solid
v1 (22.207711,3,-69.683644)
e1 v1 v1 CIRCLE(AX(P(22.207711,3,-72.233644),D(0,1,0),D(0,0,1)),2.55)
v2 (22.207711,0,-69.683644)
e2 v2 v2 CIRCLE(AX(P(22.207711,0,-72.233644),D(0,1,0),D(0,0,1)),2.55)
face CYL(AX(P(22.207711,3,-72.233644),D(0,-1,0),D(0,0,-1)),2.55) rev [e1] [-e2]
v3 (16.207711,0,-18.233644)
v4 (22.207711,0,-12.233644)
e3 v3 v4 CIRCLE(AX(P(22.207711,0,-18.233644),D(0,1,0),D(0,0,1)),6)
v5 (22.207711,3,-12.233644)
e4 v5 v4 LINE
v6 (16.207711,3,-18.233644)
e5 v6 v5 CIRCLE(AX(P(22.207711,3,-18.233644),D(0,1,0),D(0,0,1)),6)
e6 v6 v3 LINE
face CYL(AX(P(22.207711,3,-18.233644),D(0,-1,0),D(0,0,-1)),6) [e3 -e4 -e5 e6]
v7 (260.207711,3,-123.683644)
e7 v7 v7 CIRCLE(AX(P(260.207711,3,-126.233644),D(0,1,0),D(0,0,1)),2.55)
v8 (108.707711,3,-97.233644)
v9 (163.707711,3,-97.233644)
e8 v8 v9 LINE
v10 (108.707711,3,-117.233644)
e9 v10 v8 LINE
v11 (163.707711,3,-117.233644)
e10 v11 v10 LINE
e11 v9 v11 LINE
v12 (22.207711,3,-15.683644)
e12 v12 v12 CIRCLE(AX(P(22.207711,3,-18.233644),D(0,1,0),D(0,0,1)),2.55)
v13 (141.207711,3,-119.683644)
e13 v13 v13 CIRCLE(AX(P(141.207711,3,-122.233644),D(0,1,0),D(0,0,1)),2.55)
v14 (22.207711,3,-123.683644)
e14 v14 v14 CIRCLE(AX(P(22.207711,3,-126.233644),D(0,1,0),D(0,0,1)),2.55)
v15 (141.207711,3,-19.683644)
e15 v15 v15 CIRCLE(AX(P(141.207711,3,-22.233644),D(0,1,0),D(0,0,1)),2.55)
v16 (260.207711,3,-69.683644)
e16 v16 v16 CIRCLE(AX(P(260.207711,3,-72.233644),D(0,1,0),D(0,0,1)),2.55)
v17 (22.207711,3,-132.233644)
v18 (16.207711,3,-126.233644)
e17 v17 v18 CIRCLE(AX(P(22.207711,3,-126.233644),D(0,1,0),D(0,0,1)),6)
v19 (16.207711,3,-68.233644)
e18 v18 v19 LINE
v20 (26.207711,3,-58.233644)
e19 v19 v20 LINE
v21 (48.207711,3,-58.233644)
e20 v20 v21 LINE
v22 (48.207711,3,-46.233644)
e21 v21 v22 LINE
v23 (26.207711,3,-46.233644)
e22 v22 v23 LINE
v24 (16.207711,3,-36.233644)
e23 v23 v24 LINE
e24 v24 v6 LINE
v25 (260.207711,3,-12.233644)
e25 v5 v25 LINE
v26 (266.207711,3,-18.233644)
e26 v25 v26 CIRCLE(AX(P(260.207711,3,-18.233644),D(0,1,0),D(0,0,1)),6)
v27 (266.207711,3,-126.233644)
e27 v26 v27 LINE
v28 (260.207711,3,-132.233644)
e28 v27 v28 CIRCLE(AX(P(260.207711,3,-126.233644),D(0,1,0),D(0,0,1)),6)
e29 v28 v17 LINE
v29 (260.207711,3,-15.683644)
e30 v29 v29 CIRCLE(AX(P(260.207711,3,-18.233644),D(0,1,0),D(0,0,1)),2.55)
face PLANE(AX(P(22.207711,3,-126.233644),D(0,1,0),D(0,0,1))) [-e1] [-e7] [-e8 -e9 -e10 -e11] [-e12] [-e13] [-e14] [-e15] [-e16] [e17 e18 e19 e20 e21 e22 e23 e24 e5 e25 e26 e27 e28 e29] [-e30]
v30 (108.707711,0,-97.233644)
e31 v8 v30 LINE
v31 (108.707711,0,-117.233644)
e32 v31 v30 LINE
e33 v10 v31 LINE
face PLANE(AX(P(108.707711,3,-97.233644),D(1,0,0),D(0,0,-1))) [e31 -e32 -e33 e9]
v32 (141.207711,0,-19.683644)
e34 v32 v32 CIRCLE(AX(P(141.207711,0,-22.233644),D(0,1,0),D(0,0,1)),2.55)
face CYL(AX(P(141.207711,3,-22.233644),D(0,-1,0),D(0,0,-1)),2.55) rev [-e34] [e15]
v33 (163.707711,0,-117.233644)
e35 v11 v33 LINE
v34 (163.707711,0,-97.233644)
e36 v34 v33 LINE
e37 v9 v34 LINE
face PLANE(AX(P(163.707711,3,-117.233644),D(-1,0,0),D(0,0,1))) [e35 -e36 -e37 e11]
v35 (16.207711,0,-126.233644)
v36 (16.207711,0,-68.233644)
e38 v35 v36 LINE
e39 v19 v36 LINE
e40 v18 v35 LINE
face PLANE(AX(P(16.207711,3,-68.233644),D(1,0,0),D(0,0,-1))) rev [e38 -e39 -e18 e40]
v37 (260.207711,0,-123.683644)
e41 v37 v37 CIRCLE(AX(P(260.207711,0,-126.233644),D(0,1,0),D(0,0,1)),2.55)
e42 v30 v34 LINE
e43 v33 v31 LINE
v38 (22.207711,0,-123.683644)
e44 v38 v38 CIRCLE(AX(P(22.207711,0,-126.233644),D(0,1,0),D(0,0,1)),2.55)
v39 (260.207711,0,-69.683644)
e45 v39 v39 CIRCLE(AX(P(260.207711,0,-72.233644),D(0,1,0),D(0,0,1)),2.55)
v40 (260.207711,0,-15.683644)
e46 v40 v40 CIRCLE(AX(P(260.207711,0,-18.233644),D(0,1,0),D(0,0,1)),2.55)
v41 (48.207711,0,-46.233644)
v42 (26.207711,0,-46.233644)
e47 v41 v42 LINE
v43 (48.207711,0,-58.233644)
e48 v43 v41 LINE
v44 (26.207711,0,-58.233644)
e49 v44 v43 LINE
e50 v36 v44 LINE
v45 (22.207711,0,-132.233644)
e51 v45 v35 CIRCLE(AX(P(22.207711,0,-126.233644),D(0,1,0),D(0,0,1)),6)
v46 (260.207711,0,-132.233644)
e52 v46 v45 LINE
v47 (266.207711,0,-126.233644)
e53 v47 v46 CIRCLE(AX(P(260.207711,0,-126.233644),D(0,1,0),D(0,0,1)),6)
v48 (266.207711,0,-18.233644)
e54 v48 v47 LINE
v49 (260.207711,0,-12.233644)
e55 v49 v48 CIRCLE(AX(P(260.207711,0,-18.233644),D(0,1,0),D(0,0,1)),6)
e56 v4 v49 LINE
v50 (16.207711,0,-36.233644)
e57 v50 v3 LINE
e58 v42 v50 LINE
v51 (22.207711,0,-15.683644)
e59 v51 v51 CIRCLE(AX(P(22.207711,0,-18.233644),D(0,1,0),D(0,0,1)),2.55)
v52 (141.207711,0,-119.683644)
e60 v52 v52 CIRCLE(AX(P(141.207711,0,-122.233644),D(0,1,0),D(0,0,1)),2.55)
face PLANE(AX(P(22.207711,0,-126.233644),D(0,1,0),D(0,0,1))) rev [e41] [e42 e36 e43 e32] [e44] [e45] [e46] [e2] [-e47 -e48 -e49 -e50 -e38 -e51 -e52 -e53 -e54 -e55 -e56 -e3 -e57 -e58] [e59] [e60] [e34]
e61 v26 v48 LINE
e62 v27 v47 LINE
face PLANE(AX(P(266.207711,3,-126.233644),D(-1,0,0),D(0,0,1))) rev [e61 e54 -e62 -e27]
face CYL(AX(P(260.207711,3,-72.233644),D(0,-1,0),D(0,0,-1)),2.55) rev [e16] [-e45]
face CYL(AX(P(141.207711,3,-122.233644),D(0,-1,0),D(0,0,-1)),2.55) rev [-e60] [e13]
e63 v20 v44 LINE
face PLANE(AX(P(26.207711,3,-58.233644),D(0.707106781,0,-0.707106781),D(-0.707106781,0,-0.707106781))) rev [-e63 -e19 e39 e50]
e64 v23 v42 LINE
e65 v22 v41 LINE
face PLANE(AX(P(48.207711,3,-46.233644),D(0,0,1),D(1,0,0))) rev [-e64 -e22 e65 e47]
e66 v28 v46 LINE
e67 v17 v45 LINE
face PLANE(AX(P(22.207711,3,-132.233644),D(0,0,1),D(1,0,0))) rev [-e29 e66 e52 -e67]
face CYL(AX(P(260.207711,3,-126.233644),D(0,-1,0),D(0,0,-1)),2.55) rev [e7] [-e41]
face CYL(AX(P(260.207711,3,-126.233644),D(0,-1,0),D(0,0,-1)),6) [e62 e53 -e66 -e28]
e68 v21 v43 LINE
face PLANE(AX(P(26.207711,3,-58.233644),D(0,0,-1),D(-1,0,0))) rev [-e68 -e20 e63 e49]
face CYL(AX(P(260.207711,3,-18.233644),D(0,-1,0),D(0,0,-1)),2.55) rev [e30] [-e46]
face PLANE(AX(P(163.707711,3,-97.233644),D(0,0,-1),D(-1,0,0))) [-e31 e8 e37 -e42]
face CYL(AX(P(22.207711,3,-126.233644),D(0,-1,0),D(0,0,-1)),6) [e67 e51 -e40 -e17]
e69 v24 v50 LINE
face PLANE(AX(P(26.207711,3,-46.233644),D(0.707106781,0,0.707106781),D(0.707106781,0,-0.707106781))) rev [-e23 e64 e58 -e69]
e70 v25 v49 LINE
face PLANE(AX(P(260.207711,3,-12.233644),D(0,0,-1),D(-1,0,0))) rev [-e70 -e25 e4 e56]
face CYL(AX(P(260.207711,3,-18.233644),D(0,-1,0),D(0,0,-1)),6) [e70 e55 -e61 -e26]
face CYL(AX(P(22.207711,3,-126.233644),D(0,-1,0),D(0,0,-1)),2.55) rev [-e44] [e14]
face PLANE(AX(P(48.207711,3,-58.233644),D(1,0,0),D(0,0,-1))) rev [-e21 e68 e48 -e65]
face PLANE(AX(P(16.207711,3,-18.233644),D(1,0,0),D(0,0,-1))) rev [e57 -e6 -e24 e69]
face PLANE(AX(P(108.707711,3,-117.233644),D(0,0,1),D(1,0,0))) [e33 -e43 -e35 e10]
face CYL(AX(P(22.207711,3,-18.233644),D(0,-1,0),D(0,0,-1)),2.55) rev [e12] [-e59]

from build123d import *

# Parameters (mm, degrees)
SKETCH_1_R      = 2.55
SKETCH_1_W      = 55
SKETCH_1_H      = 20
EXTRUDE_1_DEPTH = 3


with BuildPart() as part:
    # 草图1 → 凸台-拉伸1 (new body)
    with BuildSketch(Plane(origin=(0, 0, 0), x_dir=(1, 0, 0), z_dir=(0, 1, 0))):
        with BuildLine():
            Line((16.20771131, 68.233643966), (16.20771131, 126.233643966))
            ThreePointArc((16.20771131, 126.233643966), (17.965070623, 130.476284653), (22.20771131, 132.233643966))
            Line((22.20771131, 132.233643966), (260.20771131, 132.233643966))
            ThreePointArc((260.20771131, 132.233643966), (264.450351998, 130.476284653), (266.20771131, 126.233643966))
            Line((266.20771131, 126.233643966), (266.20771131, 18.233643966))
            ThreePointArc((266.20771131, 18.233643966), (264.450351998, 13.991003279), (260.20771131, 12.233643966))
            Line((260.20771131, 12.233643966), (22.20771131, 12.233643966))
            ThreePointArc((22.20771131, 12.233643966), (17.965070623, 13.991003279), (16.20771131, 18.233643966))
            Line((16.20771131, 18.233643966), (16.20771131, 36.233643966))
            Line((16.20771131, 36.233643966), (26.20771131, 46.233643966))
            Line((26.20771131, 46.233643966), (48.20771131, 46.233643966))
            Line((48.20771131, 46.233643966), (48.20771131, 58.233643966))
            Line((48.20771131, 58.233643966), (26.20771131, 58.233643966))
            Line((26.20771131, 58.233643966), (16.20771131, 68.233643966))
        make_face()
        with Locations(Location((22.20771131, 126.233643966, 0), (0, 0, 270))):
            Circle(SKETCH_1_R, mode=Mode.SUBTRACT)
        with Locations(Location((260.20771131, 126.233643966, 0), (0, 0, 270))):
            Circle(SKETCH_1_R, mode=Mode.SUBTRACT)
        with Locations(Location((141.20771131, 122.233643966, 0), (0, 0, 270))):
            Circle(SKETCH_1_R, mode=Mode.SUBTRACT)
        with Locations(Location((22.20771131, 18.233643966, 0), (0, 0, 270))):
            Circle(SKETCH_1_R, mode=Mode.SUBTRACT)
        with Locations(Location((260.20771131, 18.233643966, 0), (0, 0, 270))):
            Circle(SKETCH_1_R, mode=Mode.SUBTRACT)
        with Locations(Location((141.20771131, 22.233643966, 0), (0, 0, 270))):
            Circle(SKETCH_1_R, mode=Mode.SUBTRACT)
        with Locations(Location((260.20771131, 72.233643966, 0), (0, 0, 270))):
            Circle(SKETCH_1_R, mode=Mode.SUBTRACT)
        with Locations(Location((22.20771131, 72.233643966, 0), (0, 0, 270))):
            Circle(SKETCH_1_R, mode=Mode.SUBTRACT)
        with Locations((136.20771131, 107.233643966)):
            Rectangle(SKETCH_1_W, SKETCH_1_H, mode=Mode.SUBTRACT)
    extrude(amount=EXTRUDE_1_DEPTH)


solid = part.part
